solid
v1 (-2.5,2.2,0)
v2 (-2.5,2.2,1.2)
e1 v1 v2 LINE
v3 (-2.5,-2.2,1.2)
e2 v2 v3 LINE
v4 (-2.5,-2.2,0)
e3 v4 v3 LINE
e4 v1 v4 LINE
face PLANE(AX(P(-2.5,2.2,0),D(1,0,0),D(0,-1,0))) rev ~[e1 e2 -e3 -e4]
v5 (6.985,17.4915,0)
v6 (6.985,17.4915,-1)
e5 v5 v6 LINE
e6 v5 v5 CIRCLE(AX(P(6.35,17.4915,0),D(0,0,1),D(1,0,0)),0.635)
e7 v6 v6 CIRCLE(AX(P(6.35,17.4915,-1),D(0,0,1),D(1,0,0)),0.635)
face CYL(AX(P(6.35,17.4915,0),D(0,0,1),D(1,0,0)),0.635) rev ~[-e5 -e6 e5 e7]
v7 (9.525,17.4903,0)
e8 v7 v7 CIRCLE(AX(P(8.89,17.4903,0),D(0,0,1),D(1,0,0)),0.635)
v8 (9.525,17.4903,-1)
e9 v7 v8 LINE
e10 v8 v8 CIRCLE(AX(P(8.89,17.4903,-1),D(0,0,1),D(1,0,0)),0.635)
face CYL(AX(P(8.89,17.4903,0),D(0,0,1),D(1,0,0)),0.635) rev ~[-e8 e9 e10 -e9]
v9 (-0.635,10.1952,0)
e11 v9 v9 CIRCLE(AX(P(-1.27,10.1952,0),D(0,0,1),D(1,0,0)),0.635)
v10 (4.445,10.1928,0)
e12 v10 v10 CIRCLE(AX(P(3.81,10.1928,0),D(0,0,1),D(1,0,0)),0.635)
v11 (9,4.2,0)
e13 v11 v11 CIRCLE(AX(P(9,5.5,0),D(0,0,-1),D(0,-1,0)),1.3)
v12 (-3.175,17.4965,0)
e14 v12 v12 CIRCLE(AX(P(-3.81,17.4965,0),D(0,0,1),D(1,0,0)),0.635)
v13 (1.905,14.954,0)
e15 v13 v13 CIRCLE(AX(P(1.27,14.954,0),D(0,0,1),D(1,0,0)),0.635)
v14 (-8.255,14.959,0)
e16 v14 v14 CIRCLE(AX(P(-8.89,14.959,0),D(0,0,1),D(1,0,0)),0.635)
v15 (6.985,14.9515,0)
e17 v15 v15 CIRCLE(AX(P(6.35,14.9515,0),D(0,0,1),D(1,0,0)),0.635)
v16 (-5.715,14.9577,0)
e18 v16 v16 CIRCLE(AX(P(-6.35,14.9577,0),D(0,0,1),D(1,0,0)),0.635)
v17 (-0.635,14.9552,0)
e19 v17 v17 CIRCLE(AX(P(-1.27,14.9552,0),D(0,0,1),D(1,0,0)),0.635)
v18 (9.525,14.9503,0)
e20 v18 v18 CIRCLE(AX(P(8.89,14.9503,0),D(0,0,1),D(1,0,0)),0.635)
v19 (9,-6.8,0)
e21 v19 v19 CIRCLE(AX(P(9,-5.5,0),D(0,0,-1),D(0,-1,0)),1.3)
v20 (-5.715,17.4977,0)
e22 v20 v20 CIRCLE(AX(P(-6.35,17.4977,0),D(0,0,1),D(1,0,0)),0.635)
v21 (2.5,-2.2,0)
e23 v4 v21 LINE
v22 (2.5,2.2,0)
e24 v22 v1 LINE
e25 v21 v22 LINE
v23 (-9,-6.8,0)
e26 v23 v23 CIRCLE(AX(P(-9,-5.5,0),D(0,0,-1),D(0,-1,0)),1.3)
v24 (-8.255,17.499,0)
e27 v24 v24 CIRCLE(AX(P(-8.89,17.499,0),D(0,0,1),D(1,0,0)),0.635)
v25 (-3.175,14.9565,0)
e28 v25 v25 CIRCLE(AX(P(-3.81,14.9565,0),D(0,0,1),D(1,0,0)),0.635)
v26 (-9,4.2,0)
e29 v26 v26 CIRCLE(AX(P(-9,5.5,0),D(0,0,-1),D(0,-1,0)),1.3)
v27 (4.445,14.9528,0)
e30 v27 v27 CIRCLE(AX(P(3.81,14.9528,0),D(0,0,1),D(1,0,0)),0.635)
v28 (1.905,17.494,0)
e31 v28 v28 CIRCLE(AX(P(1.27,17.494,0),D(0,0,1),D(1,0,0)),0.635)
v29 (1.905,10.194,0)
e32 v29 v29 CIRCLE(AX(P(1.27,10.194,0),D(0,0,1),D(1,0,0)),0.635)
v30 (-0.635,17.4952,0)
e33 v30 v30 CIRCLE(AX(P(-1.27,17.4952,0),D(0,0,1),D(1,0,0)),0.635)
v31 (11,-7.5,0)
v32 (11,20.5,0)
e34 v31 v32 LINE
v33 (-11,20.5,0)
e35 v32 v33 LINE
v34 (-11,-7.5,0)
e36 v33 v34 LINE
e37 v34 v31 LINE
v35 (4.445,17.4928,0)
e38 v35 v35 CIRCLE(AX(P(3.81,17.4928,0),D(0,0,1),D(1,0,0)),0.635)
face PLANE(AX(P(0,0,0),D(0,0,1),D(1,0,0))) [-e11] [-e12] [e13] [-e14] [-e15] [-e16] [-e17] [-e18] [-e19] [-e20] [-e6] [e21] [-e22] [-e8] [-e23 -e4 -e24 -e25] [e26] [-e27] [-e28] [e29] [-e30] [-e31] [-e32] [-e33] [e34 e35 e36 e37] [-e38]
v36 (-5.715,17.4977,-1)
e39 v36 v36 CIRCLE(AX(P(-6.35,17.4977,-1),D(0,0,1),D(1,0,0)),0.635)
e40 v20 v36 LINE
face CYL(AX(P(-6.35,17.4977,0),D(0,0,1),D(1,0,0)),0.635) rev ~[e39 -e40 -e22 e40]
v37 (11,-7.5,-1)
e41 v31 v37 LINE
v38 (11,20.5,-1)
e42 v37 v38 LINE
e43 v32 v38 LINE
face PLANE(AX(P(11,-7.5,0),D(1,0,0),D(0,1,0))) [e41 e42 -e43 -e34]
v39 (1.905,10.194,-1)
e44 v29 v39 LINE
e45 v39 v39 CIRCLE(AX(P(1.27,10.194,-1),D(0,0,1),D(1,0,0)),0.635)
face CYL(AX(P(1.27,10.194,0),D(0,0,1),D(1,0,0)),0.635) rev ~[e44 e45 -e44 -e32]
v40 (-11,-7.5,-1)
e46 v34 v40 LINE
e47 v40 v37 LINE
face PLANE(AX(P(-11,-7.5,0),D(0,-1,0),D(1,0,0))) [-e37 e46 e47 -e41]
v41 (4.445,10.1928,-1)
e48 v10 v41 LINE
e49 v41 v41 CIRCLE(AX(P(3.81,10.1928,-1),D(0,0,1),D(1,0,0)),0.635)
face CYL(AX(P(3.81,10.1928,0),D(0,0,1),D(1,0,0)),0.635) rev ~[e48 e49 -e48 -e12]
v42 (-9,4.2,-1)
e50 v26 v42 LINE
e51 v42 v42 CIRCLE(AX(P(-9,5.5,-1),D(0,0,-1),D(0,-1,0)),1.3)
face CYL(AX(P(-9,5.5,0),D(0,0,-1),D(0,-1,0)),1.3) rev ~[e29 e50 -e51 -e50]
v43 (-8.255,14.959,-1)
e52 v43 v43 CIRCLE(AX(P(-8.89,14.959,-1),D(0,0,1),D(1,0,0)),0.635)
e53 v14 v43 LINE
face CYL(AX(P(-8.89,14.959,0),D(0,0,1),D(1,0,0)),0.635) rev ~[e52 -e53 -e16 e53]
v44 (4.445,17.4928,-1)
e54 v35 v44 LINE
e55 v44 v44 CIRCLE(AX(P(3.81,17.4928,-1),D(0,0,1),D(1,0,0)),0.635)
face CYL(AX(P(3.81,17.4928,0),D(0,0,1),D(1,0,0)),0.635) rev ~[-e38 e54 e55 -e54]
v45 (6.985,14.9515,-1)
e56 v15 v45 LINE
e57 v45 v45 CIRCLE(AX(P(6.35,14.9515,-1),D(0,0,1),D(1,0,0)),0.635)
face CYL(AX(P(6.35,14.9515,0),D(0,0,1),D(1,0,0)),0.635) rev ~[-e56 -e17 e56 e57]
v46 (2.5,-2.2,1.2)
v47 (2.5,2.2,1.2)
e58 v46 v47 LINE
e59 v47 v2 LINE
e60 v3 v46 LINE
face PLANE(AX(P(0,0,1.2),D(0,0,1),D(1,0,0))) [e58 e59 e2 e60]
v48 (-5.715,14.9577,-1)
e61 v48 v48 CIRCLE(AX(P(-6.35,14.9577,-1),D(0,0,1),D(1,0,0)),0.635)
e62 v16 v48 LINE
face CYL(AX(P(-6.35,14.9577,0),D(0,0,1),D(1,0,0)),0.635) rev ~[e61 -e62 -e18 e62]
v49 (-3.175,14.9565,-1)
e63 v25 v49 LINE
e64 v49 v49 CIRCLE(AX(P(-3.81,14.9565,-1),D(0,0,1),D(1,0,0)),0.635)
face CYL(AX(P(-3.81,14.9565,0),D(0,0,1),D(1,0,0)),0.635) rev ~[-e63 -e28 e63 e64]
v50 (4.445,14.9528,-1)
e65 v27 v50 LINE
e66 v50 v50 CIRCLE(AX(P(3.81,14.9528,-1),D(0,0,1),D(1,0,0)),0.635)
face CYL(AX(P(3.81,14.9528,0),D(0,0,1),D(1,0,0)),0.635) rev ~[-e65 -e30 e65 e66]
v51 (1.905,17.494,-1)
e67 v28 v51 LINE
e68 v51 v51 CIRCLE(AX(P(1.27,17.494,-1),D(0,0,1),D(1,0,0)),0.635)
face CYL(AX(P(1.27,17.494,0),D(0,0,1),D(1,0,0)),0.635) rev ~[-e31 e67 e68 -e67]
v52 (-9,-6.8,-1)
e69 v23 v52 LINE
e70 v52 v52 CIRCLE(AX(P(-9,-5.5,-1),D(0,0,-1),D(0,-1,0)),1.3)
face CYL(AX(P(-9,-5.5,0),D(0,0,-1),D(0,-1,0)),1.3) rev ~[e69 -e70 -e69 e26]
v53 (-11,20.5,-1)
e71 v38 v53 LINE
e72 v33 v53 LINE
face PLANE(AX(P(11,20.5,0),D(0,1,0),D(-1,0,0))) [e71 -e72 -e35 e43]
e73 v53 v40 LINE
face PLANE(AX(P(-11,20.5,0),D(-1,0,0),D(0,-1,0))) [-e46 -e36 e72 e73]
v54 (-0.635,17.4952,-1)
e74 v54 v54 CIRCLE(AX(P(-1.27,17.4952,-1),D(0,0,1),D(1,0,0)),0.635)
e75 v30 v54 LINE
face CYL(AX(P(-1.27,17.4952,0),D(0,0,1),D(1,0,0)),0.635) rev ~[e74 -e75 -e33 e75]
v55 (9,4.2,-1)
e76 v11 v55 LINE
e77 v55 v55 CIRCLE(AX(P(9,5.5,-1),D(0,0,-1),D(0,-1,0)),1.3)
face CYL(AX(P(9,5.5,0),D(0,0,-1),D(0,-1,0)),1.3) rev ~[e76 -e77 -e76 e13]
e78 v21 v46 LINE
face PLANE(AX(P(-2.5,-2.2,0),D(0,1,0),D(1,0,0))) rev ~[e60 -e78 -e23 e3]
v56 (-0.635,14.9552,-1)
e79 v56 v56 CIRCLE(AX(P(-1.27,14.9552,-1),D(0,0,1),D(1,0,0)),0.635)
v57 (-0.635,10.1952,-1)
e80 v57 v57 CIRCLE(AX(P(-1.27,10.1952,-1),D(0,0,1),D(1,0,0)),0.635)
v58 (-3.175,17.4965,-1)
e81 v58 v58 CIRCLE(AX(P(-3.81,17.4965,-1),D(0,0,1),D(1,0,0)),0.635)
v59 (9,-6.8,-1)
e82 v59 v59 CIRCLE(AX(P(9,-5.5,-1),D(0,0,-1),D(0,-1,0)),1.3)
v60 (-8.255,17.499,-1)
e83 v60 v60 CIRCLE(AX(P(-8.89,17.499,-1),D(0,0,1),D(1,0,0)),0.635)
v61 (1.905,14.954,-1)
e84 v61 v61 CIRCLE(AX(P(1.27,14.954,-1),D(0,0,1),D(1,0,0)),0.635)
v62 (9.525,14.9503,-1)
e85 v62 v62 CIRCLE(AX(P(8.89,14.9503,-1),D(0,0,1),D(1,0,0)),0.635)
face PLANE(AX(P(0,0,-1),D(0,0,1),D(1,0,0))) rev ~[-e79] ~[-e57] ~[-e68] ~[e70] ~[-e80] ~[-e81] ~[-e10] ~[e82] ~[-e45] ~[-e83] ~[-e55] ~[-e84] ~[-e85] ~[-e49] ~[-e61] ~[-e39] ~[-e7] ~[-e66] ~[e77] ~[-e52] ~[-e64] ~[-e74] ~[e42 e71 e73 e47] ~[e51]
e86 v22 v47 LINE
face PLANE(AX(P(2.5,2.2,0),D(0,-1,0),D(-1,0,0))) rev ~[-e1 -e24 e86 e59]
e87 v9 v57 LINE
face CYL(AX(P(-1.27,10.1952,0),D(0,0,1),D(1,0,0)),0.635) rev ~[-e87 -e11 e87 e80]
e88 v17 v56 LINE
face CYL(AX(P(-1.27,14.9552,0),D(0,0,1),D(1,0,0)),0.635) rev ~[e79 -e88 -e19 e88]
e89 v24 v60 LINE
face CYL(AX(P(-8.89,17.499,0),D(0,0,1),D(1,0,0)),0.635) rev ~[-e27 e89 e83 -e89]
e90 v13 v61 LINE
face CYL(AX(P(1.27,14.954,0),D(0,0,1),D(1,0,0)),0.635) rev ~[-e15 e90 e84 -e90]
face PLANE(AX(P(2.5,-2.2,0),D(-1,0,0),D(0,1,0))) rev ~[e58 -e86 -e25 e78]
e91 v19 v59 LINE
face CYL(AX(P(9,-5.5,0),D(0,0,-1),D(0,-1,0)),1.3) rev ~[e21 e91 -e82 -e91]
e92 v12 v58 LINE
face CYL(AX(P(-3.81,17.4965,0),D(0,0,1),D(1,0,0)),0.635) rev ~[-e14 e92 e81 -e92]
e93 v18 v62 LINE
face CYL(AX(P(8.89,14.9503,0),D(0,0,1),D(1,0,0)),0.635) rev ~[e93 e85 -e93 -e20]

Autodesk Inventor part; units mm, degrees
ref_plane "YZ Plane" through (0, 0, 0) normal (1, 0, 0) x (0, 1, 0)
ref_plane "XZ Plane" through (0, 0, 0) normal (0, 1, 0) x (-1, 0, 0)
ref_plane "XY Plane" through (0, 0, 0) normal (0, 0, 1) x (1, 0, 0)
sketch "スケッチ1" plane through (0, 0, 0) normal (0, 0, 1) x (1, 0, 0)
  line L0 (-11, -7.5) -> (11, -7.5)
  line L1 (11, -7.5) -> (11, 20.5)
  line L2 (11, 20.5) -> (-11, 20.5)
  line L3 (-11, 20.5) -> (-11, -7.5)
  line L4 (-11, -7.5) -> (11, 20.5) construction
  line L5 (11, -7.5) -> (-11, 20.5) construction
  line L6 (-9, -5.5) -> (9, -5.5) construction
  line L7 (9, -5.5) -> (9, 5.5) construction
  line L8 (9, 5.5) -> (-9, 5.5) construction
  line L9 (-9, 5.5) -> (-9, -5.5) construction
  line L10 (-9, -5.5) -> (9, 5.5) construction
  line L11 (9, -5.5) -> (-9, 5.5) construction
  point P0 (0, 0)
  point P1 (0, 6.5)
  point P2 (0, 6.5)
  point P3 (0, 0)
  point P4 (0, 0)
  point P5 (0, 0)
  dimension "d0" = 22
  dimension "d1" = 28
  dimension "d2" = 18
  dimension "d3" = 11
  dimension "d4" = 2
extrude "押し出し1" add sketch "スケッチ1" against normal blind 1
sketch "スケッチ2" plane through (0, 0, 0) normal (0, 0, 1) x (1, 0, 0)
  line L0 (-9, -5.5) -> (9, -5.5)
  line L1 (9, -5.5) -> (9, 5.5)
  line L2 (9, 5.5) -> (-9, 5.5)
  line L3 (-9, 5.5) -> (-9, -5.5)
  line L4 (-9, -5.5) -> (9, 5.5) construction
  line L5 (9, -5.5) -> (-9, 5.5) construction
  point P0 (0, 0)
  dimension "d7" = 11
  dimension "d8" = 18
hole "穴1" at (-9, 5.5, 0) at (-9, -5.5, 0) at (9, 5.5, 0) at (9, -5.5, 0) direction (0, 0, -1) diameter 2.6 end through all
sketch "スケッチ3" plane through (0, 0, 0) normal (0, 0, 1) x (1, 0, 0)
  line L0 (-2.5, -2.2) -> (2.5, -2.2)
  line L1 (2.5, -2.2) -> (2.5, 2.2)
  line L2 (2.5, 2.2) -> (-2.5, 2.2)
  line L3 (-2.5, 2.2) -> (-2.5, -2.2)
  line L4 (-2.5, -2.2) -> (2.5, 2.2) construction
  line L5 (2.5, -2.2) -> (-2.5, 2.2) construction
  point P0 (0, 0)
  dimension "d16" = 4.4
  dimension "d17" = 5
extrude "押し出し2" add sketch "スケッチ3" along normal blind 1.2
sketch "スケッチ4" plane through (0, 0, 0) normal (0, 0, 1) x (1, 0, 0)
  line L0 (-11, 20.5) -> (-11, -7.5) projected
  line L1 (-11, 20.5) -> (11.0137, 20.4892) construction
  line L2 (11.0137, 20.4892) -> (11, -7.5) construction
  line L3 (11, -7.5) -> (-11.0137, -7.4892) construction
  line L4 (-11.0137, -7.4892) -> (-11, 20.5) construction
  line L5 (11, -7.5) -> (11, 20.5) projected
  line L6 (-11, -7.5) -> (11, -7.5) projected
  circle A0 centre (-1.27, 17.4952) radius 0.635
  circle A1 centre (1.27, 17.494) radius 0.635
  circle A2 centre (-1.27, 14.9552) radius 0.635
  circle A3 centre (1.27, 14.954) radius 0.635
  circle A4 centre (-3.81, 14.9565) radius 0.635
  circle A5 centre (-3.81, 17.4965) radius 0.635
  circle A6 centre (-6.35, 14.9577) radius 0.635
  circle A7 centre (-6.35, 17.4977) radius 0.635
  circle A8 centre (-8.89, 14.959) radius 0.635
  circle A9 centre (-8.89, 17.499) radius 0.635
  circle A10 centre (3.81, 17.4928) radius 0.635
  circle A11 centre (3.81, 14.9528) radius 0.635
  circle A12 centre (6.35, 17.4915) radius 0.635
  circle A13 centre (6.35, 14.9515) radius 0.635
  circle A14 centre (8.89, 17.4903) radius 0.635
  circle A15 centre (8.89, 14.9503) radius 0.635
  circle A16 centre (-1.27, 10.1952) radius 0.635
  circle A17 centre (1.27, 10.194) radius 0.635
  circle A18 centre (3.81, 10.1928) radius 0.635
  point P0 (0, 0)
  dimension "d25" = 3
  dimension "d30" = 2.54
  dimension "d32" = 1.27
  dimension "d37" = 1.27
  dimension "d38" = 1.27
  dimension "d39" = 3
  dimension "d41" = 2.54
  dimension "d43" = 2.54
  dimension "d45" = 1.27
  dimension "d46" = 1.27
  dimension "d53" = 2.54
  dimension "d63" = 2.54
  dimension "d71" = 1.27
  dimension "d73" = 10.3
  dimension "d78" = 2.54
extrude "押し出し3" cut sketch "スケッチ4" against normal through all
equation "\"d45\" = d37"
equation "\"d46\" = d45"
equation "\"d71\" = d45"
properties part number "AS5047P-TS_EK_AB" material "ABS プラスチック"
